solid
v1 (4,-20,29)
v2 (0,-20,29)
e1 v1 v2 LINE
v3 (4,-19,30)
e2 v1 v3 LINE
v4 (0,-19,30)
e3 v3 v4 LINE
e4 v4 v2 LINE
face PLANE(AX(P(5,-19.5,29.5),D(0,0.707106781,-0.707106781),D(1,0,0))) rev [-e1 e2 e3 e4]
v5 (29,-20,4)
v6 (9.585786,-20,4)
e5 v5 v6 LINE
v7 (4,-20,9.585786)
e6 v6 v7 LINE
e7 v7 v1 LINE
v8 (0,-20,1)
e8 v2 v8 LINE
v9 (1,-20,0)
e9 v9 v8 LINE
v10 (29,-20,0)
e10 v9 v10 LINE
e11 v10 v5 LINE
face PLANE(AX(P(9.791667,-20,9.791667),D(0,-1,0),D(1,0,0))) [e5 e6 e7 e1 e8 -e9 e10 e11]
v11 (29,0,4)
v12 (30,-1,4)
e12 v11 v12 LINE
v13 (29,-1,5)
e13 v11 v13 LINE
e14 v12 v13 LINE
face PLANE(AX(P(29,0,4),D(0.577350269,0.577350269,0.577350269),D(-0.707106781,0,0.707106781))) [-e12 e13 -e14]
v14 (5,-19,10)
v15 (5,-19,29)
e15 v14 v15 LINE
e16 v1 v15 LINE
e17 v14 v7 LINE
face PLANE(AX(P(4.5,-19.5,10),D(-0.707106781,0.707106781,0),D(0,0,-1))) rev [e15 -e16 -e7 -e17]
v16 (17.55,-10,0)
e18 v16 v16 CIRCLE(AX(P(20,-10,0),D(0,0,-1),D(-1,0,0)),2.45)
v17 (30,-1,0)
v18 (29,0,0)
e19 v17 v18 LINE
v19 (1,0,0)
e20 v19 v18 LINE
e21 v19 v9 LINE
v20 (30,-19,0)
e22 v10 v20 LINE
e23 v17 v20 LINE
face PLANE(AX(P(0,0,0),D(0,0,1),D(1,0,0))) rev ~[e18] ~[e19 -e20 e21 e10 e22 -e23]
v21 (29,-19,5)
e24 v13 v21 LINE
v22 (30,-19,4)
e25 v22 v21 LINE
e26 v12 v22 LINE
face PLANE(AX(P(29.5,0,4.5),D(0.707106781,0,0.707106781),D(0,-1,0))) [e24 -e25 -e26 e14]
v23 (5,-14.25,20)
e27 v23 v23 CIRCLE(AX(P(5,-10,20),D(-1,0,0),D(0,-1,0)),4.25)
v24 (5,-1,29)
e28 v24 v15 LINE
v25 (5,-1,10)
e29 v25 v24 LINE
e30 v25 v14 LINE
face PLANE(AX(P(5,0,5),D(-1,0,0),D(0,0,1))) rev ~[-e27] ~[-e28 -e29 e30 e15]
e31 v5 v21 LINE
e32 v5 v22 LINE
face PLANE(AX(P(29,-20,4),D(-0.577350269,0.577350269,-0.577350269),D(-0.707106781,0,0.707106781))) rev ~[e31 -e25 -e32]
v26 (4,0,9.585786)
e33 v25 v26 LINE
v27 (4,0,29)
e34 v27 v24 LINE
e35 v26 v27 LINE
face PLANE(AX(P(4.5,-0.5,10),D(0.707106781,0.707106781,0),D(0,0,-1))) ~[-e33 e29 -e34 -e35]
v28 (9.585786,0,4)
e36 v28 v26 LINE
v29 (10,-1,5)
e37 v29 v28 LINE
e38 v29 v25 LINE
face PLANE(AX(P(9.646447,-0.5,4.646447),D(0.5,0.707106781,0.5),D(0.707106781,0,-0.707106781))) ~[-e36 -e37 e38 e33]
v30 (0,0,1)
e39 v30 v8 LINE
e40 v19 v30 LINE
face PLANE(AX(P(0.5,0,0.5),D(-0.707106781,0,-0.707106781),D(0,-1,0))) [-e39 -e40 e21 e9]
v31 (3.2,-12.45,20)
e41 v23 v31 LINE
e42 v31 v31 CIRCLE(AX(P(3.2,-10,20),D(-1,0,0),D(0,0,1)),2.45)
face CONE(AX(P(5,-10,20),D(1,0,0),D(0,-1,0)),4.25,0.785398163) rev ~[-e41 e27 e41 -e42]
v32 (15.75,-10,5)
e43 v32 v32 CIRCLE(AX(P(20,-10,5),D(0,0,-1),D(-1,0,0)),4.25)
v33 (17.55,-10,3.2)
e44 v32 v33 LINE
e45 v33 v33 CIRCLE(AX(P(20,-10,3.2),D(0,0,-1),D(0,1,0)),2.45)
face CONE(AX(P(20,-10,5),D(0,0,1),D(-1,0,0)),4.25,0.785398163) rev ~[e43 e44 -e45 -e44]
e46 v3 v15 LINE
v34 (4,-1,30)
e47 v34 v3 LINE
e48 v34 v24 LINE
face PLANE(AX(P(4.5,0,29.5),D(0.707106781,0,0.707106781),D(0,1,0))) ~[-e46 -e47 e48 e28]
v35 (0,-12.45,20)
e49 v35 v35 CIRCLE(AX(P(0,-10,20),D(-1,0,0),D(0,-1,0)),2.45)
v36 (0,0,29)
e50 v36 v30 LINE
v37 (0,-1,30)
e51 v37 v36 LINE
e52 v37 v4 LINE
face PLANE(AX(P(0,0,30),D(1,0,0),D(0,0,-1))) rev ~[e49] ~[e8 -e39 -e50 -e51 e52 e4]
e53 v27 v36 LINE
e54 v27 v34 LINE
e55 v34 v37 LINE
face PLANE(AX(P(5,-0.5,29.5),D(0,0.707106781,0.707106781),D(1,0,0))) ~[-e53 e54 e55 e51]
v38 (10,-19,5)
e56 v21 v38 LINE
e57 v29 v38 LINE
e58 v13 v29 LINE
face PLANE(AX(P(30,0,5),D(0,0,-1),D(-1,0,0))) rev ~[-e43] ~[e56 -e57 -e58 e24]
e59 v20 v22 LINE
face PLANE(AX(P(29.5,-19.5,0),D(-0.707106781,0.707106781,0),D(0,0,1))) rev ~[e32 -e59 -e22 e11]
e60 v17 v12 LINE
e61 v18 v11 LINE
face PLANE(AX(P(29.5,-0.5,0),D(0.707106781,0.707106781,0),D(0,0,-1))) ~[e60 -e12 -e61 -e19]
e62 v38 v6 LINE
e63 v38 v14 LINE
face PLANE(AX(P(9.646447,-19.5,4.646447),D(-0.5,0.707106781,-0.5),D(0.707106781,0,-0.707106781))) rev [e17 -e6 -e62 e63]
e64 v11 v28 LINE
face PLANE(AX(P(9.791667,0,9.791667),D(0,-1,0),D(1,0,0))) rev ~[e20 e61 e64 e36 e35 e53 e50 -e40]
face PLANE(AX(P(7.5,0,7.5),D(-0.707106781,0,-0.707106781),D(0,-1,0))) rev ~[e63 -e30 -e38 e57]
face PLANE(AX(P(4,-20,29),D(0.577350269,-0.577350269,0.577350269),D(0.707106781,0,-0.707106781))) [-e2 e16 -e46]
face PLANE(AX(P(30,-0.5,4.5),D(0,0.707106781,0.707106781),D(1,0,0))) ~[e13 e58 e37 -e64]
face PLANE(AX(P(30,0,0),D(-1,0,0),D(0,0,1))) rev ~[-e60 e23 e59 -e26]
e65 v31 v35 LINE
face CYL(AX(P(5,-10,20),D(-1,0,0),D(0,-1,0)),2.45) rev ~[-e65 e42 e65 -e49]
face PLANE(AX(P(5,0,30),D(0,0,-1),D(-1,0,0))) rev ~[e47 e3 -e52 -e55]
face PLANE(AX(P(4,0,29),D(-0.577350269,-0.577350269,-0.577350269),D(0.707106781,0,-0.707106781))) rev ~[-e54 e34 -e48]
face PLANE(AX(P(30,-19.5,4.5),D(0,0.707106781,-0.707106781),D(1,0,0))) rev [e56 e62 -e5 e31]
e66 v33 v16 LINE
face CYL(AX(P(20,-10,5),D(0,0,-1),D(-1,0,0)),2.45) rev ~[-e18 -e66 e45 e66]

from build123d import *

# Parameters (mm, degrees)
F2_DEPTH             = 20
F3_SIZE              = 5
F6_D                 = 4.9
F6_DEPTH             = 16
F6_CSINK_D           = 8.5
F6_CSINK_ANGLE       = 90
F6_TIP               = 1.4721085166
F6_ON_F4_D           = 4.9
F6_ON_F4_DEPTH       = 16
F6_ON_F4_CSINK_D     = 8.5
F6_ON_F4_CSINK_ANGLE = 90
F6_ON_F4_TIP         = 1.4721085166
F7_SIZE              = 1
F8_SIZE              = 1


with BuildPart() as f2:
    # F1 (on Front) → F2 (new body)
    with BuildSketch(Plane.XZ):
        Polygon((0, 30), (0, 0), (30, 0), (30, 5), (5, 5), (5, 30), align=None)
    extrude(amount=F2_DEPTH)

    # F3
    f3_edges = [f2.edges().sort_by_distance(p)[0] for p in [
        (5, -10, 5),
    ]]
    chamfer(f3_edges, length=F3_SIZE)

    # F6
    with Locations(Plane.YZ.offset(5)):
        with Locations((-10, 20)):
            CounterSinkHole(F6_D / 2, F6_CSINK_D / 2, depth=F6_DEPTH, counter_sink_angle=F6_CSINK_ANGLE)
            with Locations((0, 0, -(F6_DEPTH + F6_TIP / 2))):  # 118° drill point
                Cone(0, F6_D / 2, F6_TIP, mode=Mode.SUBTRACT)

    # F6 on F4
    with Locations(Plane.XY.offset(5)):
        with Locations((20, -10)):
            CounterSinkHole(F6_ON_F4_D / 2, F6_ON_F4_CSINK_D / 2, depth=F6_ON_F4_DEPTH, counter_sink_angle=F6_ON_F4_CSINK_ANGLE)
            with Locations((0, 0, -(F6_ON_F4_DEPTH + F6_ON_F4_TIP / 2))):  # 118° drill point
                Cone(0, F6_ON_F4_D / 2, F6_ON_F4_TIP, mode=Mode.SUBTRACT)

    # F7
    f7_edges = [f2.edges().sort_by_distance(p)[0] for p in [
        (30, -10, 5),
        (5, -10, 30),
        (30, -20, 2.5),
        (20, -20, 5),
        (7.5, -20, 7.5),
        (2.5, -20, 30),
        (30, 0, 2.5),
        (20, 0, 5),
        (7.5, 0, 7.5),
        (2.5, 0, 30),
        (5, -20, 20),
        (5, 0, 20),
    ]]
    chamfer(f7_edges, length=F7_SIZE)

    # F8
    f8_edges = [f2.edges().sort_by_distance(p)[0] for p in [
        (0, -10, 0),
    ]]
    chamfer(f8_edges, length=F8_SIZE)


solid = f2.part
